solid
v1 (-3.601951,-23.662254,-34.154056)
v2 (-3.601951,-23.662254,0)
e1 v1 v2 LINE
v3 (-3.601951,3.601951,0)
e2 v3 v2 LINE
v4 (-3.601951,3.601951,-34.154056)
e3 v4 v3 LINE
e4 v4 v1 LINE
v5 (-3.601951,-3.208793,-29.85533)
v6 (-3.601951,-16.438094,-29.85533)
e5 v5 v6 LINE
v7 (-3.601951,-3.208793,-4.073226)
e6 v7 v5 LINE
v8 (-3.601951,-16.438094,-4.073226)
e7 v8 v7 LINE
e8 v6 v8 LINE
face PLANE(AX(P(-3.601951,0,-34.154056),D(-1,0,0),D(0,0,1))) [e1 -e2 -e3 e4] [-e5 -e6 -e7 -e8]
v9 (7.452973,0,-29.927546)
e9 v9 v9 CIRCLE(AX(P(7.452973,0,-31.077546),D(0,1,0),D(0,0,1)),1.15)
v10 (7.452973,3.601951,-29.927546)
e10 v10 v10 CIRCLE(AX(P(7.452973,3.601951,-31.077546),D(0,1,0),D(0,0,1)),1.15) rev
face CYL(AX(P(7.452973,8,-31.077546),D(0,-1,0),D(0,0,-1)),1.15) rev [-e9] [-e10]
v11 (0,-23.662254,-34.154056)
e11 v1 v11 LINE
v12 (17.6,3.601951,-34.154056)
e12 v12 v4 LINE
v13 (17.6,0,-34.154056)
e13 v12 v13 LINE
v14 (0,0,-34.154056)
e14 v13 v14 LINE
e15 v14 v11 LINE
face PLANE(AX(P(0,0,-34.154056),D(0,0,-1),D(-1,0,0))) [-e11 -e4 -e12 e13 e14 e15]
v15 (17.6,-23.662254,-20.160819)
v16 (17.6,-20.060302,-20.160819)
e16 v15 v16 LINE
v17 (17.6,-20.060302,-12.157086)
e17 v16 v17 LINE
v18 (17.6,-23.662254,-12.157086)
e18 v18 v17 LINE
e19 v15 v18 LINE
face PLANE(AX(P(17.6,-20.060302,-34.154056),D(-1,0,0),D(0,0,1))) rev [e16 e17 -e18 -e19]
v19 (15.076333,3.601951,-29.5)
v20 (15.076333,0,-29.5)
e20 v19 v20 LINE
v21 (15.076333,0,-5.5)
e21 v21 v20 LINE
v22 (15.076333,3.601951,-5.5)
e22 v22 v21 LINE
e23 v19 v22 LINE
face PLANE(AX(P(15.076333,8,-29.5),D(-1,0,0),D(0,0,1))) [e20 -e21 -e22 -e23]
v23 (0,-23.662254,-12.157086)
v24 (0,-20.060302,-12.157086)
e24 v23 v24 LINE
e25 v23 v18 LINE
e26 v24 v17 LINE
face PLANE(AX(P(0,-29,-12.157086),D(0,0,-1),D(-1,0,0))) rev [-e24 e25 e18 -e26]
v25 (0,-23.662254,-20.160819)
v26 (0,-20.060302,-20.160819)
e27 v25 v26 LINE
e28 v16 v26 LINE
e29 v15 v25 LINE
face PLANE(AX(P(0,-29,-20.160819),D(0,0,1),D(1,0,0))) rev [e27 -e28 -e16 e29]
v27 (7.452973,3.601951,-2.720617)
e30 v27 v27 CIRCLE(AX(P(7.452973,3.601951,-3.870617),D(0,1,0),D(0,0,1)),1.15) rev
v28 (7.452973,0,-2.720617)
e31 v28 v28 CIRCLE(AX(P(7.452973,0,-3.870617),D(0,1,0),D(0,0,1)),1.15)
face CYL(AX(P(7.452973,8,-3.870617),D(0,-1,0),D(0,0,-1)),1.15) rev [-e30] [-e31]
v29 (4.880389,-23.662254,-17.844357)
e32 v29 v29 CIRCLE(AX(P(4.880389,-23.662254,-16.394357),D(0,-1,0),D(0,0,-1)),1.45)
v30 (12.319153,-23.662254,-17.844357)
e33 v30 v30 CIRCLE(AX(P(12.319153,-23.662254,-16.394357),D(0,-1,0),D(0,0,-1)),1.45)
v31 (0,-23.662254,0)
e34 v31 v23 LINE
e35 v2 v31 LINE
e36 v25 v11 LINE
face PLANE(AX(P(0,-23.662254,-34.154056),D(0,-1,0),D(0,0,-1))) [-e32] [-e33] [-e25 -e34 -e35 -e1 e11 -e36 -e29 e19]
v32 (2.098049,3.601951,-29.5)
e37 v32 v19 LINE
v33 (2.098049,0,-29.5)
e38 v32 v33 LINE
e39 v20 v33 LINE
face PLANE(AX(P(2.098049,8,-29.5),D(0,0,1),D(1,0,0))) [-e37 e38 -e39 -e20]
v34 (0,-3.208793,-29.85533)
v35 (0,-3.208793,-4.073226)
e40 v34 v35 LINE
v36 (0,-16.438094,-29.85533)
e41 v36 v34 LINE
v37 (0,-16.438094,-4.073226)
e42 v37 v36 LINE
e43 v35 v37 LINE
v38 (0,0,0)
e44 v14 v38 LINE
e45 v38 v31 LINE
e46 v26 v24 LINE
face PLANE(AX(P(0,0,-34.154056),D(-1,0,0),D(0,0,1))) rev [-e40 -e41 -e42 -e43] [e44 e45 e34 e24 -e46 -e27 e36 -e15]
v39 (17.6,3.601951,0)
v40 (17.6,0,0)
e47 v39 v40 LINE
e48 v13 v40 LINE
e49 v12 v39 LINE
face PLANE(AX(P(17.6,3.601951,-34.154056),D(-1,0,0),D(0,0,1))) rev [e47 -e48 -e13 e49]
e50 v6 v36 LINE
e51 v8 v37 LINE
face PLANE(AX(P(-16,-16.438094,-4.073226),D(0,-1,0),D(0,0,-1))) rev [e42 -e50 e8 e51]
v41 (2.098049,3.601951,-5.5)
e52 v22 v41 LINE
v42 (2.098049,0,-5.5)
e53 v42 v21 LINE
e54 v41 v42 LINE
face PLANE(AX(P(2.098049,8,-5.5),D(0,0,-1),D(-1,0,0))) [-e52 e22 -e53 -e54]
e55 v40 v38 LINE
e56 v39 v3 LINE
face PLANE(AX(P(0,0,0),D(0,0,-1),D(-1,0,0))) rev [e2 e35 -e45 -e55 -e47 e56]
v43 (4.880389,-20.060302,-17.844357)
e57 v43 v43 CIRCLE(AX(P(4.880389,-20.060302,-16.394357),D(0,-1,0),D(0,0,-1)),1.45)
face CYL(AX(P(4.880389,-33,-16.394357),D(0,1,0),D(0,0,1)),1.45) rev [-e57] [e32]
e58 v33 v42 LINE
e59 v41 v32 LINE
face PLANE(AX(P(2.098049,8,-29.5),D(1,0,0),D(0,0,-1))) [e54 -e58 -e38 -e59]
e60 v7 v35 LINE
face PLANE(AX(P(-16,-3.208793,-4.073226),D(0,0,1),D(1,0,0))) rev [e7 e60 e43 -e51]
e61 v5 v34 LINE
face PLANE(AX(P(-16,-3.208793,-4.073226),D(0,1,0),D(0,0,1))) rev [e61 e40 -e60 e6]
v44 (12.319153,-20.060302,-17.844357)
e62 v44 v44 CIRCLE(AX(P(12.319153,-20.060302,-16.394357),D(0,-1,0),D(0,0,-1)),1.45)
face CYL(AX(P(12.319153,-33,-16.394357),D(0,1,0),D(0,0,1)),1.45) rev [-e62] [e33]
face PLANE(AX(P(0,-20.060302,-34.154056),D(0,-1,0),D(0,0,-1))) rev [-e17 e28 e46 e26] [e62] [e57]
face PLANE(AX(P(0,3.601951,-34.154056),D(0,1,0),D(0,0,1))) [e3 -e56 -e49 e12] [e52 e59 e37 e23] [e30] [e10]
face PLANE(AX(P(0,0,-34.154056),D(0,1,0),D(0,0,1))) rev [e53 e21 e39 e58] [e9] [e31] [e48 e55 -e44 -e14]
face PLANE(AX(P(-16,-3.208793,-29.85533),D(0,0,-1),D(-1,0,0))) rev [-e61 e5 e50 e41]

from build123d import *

# Parameters (mm, degrees)
EXTRUDE_THIN1_DEPTH = 34.154055886
SKETCH5_R           = 1.15
SKETCH5_W           = 12.978284002
SKETCH5_H           = 24
CUT_EXTRUDE7_DEPTH  = 8
SKETCH6_W           = 17.6
SKETCH6_H           = 13.993236592
SKETCH6_H_2         = 12.157086016
CUT_EXTRUDE8_DEPTH  = 29
SKETCH7_R           = 1.45
CUT_EXTRUDE9_DEPTH  = 33
SKETCH8_W           = 25.782103653
SKETCH8_H           = 13.229301
CUT_EXTRUDE10_DEPTH = 16


with BuildPart() as part:
    # Sketch1 → Extrude-Thin1 (new body)
    with BuildSketch(Plane.XY):
        Polygon((17.6, 0), (0, 0), (0, -20.0603024), (17.6, -20.0603024), (17.6, -23.662253526), (-3.601951126, -23.662253526), (-3.601951126, 3.601951126), (17.6, 3.601951126), align=None)
    extrude(amount=-EXTRUDE_THIN1_DEPTH)

    # Sketch5 → Cut-Extrude7 (cut)
    with BuildSketch(Plane(origin=(0, 0, 0), x_dir=(1, 0, 0), z_dir=(0, 1, 0))):
        with Locations(Location((7.452972893, 31.077545708, 0), (0, 0, 270))):
            Circle(SKETCH5_R)
        with Locations(Location((7.452972893, 3.870616702, 0), (0, 0, 270))):
            Circle(SKETCH5_R)
        with Locations((8.587190875, 17.5)):
            Rectangle(SKETCH5_W, SKETCH5_H)
    extrude(amount=CUT_EXTRUDE7_DEPTH, mode=Mode.SUBTRACT)

    # Sketch6 → Cut-Extrude8 (cut)
    with BuildSketch(Plane(origin=(0, 0, 0), x_dir=(1, 0, 0), z_dir=(0, 1, 0))):
        with Locations((8.8, 27.15743759)):
            Rectangle(SKETCH6_W, SKETCH6_H)
        with Locations((8.8, 6.078543008)):
            Rectangle(SKETCH6_W, SKETCH6_H_2)
    extrude(amount=-CUT_EXTRUDE8_DEPTH, mode=Mode.SUBTRACT)

    # Sketch7 → Cut-Extrude9 (cut)
    with BuildSketch(Plane(origin=(0, 0, 0), x_dir=(1, 0, 0), z_dir=(0, 1, 0))):
        with Locations(Location((4.880389158, 16.394356575, 0), (0, 0, 90))):
            Circle(SKETCH7_R)
        with Locations(Location((12.319153027, 16.394356575, 0), (0, 0, 90))):
            Circle(SKETCH7_R)
    extrude(amount=-CUT_EXTRUDE9_DEPTH, mode=Mode.SUBTRACT)

    # Sketch8 → Cut-Extrude10 (cut)
    with BuildSketch(Plane(origin=(0, 0, 0), x_dir=(0, 0, -1), z_dir=(1, 0, 0))):
        with Locations((16.964278219, -9.823443372)):
            Rectangle(SKETCH8_W, SKETCH8_H)
    extrude(amount=-CUT_EXTRUDE10_DEPTH, mode=Mode.SUBTRACT)


solid = part.part
